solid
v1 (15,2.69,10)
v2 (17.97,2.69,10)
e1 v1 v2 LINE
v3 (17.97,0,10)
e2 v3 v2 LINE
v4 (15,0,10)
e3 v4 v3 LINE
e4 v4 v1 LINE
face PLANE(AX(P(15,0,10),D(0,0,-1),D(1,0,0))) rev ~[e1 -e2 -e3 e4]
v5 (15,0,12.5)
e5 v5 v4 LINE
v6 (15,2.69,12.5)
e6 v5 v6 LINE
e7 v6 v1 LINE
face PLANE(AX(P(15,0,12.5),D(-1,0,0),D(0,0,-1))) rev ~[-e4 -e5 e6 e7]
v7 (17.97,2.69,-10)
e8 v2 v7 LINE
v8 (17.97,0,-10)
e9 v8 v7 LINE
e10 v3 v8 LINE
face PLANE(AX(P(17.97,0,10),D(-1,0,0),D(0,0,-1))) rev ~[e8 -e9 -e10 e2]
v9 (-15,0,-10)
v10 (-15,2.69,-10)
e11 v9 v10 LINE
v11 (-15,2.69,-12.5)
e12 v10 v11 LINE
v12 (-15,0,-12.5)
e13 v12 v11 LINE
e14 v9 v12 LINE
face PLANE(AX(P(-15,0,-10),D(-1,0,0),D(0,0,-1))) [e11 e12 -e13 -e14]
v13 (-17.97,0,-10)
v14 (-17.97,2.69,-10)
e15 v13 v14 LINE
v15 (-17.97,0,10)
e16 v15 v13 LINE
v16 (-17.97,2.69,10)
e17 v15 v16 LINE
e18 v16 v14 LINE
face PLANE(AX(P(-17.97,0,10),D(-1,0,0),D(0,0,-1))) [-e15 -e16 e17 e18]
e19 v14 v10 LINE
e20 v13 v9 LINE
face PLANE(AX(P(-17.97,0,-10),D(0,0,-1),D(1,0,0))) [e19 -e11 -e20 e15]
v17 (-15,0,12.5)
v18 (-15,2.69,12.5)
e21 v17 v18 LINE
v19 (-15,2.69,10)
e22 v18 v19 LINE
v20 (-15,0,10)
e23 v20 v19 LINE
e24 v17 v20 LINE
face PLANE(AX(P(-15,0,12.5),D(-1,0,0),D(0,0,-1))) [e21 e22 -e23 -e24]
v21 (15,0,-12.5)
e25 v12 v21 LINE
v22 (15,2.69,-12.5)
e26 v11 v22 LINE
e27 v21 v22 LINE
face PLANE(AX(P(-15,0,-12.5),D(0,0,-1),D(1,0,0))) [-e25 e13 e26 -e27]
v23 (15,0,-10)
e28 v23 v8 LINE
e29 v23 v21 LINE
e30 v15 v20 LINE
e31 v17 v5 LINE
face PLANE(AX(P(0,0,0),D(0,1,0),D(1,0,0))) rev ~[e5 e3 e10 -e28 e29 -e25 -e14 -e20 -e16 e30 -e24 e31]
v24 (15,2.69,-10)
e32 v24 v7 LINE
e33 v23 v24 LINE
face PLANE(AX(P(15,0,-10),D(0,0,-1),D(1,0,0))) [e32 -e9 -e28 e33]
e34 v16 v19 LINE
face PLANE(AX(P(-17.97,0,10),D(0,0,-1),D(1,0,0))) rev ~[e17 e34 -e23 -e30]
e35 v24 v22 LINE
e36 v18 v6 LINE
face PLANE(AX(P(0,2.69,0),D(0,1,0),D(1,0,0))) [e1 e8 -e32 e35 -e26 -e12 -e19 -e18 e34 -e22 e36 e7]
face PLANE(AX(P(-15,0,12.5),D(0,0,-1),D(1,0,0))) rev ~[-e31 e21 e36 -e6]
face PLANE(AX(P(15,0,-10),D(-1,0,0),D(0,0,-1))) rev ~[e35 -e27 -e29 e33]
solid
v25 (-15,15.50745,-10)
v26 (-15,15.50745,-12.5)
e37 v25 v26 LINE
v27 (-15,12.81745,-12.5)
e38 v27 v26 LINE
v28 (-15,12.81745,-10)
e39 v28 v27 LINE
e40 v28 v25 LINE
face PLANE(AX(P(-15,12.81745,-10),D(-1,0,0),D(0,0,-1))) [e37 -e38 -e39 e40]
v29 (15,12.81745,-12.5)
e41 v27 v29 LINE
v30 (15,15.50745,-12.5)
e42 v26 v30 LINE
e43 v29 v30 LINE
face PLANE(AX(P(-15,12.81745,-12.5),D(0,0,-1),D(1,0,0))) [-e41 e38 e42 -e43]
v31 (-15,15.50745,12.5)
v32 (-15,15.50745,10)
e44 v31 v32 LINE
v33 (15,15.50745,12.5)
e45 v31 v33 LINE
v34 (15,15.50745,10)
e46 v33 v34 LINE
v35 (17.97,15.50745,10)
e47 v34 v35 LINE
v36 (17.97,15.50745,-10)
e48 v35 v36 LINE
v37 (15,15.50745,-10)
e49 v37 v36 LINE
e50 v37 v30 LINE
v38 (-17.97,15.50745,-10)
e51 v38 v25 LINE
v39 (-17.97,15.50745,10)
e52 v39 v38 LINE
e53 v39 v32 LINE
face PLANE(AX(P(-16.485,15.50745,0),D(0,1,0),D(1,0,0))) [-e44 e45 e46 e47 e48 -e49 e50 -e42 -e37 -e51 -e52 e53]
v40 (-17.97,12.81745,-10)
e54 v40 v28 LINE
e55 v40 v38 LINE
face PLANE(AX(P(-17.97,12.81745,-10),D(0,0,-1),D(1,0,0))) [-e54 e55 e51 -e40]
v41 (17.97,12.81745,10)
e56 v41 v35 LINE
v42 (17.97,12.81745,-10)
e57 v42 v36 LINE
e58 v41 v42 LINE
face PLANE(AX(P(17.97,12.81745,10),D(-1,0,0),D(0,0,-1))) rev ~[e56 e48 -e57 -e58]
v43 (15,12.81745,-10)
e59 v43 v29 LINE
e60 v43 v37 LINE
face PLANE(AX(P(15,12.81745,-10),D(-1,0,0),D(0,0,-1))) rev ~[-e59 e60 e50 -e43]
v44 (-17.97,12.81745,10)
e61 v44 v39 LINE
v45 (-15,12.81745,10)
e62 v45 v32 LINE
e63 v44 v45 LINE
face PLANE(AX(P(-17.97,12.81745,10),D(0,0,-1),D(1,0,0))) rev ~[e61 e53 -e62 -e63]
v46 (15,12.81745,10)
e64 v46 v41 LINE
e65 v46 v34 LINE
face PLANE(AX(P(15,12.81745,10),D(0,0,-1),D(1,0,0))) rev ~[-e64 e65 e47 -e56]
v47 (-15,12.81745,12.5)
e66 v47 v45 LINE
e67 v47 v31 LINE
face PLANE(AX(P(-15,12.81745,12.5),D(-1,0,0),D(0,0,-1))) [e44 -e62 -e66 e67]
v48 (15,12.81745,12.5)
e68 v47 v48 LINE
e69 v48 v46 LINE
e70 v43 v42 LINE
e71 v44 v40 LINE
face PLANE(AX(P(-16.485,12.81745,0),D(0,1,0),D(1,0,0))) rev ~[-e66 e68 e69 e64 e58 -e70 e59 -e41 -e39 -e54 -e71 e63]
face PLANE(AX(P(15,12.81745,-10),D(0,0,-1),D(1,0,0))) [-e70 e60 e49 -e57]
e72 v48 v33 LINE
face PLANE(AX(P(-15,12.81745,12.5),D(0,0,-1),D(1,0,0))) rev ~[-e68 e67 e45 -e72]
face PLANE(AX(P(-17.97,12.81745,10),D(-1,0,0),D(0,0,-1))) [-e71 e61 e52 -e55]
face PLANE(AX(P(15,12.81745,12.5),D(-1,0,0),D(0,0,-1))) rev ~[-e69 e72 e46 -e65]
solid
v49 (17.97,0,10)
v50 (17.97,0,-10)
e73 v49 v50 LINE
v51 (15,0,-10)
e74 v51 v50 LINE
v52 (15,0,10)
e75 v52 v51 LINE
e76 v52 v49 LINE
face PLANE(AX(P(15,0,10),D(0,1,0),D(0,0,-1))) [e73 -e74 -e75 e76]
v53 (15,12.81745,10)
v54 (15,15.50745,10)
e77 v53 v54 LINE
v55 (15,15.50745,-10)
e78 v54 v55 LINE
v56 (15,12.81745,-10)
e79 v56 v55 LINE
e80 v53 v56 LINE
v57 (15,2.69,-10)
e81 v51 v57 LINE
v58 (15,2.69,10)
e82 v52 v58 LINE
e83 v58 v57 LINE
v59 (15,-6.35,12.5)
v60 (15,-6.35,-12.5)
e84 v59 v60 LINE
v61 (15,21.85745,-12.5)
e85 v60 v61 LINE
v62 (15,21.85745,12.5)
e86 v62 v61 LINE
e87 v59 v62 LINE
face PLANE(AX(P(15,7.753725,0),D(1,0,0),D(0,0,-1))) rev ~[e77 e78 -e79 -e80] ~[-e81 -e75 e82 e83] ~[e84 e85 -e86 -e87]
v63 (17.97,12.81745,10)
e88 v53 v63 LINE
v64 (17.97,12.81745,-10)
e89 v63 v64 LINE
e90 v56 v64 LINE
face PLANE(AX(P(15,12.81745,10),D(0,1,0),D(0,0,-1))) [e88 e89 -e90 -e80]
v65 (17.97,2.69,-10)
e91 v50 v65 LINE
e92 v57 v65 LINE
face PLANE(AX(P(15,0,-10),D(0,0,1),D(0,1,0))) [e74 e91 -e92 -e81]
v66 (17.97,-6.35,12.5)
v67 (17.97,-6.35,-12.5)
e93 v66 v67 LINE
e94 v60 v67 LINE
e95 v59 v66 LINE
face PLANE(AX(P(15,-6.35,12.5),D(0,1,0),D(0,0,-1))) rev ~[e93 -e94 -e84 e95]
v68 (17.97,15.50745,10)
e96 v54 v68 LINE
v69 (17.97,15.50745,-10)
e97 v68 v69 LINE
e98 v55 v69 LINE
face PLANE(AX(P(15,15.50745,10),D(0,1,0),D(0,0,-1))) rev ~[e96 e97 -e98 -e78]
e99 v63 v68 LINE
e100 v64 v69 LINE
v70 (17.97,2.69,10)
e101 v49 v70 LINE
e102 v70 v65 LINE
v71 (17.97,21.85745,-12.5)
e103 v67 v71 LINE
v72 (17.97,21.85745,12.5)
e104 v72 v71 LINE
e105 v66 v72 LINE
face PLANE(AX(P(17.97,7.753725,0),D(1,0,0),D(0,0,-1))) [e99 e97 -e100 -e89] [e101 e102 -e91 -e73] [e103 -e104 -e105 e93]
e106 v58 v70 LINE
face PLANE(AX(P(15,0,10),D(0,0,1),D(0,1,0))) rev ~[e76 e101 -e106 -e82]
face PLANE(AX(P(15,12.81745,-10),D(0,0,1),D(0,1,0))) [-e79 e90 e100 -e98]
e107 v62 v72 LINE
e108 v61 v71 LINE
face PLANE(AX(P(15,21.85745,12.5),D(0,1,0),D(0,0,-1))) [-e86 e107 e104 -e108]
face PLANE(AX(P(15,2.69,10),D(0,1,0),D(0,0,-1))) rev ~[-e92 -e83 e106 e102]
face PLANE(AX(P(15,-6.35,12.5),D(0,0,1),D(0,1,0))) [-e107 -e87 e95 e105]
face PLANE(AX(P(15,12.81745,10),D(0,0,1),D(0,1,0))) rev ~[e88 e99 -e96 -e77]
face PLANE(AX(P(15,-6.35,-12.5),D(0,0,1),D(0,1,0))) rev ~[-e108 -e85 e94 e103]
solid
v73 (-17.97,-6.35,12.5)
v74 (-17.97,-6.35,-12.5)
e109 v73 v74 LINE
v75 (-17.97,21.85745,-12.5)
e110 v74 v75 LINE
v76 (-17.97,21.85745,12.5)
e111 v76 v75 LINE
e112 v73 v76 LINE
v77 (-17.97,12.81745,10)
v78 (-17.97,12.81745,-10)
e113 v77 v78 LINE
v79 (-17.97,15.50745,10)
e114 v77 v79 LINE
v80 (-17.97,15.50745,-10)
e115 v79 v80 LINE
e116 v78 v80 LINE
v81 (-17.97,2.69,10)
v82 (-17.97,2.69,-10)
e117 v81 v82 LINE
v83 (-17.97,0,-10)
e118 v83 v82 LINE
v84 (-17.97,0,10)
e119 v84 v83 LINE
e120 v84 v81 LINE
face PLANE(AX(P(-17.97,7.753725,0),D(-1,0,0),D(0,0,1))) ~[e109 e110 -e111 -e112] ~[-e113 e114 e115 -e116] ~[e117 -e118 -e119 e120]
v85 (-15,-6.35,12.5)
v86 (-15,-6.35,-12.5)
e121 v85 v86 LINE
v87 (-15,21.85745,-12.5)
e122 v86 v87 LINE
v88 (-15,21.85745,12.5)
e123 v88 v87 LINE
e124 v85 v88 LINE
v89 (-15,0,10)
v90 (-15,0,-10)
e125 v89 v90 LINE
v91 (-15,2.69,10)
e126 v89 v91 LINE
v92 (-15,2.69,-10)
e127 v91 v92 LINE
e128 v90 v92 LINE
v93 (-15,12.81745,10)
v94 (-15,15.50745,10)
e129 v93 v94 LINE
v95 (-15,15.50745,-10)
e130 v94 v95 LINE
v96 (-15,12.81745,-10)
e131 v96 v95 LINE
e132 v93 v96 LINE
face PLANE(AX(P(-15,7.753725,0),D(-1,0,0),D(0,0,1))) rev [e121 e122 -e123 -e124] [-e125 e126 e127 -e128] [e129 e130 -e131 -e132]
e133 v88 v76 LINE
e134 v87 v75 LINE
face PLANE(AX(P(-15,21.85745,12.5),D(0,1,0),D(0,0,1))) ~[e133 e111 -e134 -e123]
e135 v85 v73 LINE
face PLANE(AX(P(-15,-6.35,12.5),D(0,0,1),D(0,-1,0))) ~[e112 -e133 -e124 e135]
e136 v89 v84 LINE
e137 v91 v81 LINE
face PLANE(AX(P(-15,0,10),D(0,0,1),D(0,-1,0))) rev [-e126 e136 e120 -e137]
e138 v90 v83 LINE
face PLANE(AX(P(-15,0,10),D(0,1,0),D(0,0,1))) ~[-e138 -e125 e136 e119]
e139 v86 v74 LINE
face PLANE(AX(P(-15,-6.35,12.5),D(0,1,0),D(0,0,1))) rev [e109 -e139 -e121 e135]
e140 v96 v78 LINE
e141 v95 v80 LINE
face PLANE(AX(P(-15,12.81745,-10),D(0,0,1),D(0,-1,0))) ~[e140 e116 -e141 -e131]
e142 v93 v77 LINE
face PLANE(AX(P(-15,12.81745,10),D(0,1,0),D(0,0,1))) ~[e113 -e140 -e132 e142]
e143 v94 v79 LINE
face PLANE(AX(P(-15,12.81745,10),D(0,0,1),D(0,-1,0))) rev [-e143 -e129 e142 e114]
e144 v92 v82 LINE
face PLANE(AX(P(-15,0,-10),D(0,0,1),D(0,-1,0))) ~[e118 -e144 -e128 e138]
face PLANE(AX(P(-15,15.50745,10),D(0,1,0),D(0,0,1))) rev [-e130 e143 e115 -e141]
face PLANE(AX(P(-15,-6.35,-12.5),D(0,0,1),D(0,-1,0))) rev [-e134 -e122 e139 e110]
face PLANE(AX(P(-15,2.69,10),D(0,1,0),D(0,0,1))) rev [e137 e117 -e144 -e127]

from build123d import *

# Parameters (mm, degrees)
SKETCH2_W           = 30
SKETCH2_H           = 25
SKETCH2_W_2         = 2.97
SKETCH2_H_2         = 20
BOSS_EXTRUDE3_DEPTH = 2.69
BOSS_EXTRUDE4_START = 12.81745
SKETCH2_3_W         = 2.97
SKETCH2_3_H         = 20
SKETCH2_3_W_2       = 30
SKETCH2_3_H_2       = 25
BOSS_EXTRUDE4_DEPTH = 2.69
SKETCH4_W           = 25
SKETCH4_H           = 28.20745
SKETCH4_W_2         = 20
SKETCH4_H_2         = 2.69
BOSS_EXTRUDE5_DEPTH = 2.97


with BuildPart() as part:
    # Sketch2 → Boss-Extrude3 (new body)
    with BuildSketch(Plane(origin=(0, 0, 0), x_dir=(1, 0, 0), z_dir=(0, 1, 0))):
        Rectangle(SKETCH2_W, SKETCH2_H)
        with Locations((-16.485, 0)):
            Rectangle(SKETCH2_W_2, SKETCH2_H_2)
        with Locations((16.485, 0)):
            Rectangle(SKETCH2_W_2, SKETCH2_H_2)
    extrude(amount=BOSS_EXTRUDE3_DEPTH)


with BuildPart() as body_2:
    # Sketch2<3> → Boss-Extrude4 (new body)
    with BuildSketch(Plane(origin=(0, 0, 0), x_dir=(1, 0, 0), z_dir=(0, 1, 0)).offset(BOSS_EXTRUDE4_START)):
        with Locations((-16.485, 0)):
            Rectangle(SKETCH2_3_W, SKETCH2_3_H)
        Rectangle(SKETCH2_3_W_2, SKETCH2_3_H_2)
        with Locations((16.485, 0)):
            Rectangle(SKETCH2_3_W, SKETCH2_3_H)
    extrude(amount=BOSS_EXTRUDE4_DEPTH)


with BuildPart() as body_3:
    # Sketch4 → Boss-Extrude5 (new body)
    with BuildSketch(Plane(origin=(15, 0, 0), x_dir=(0, 0, -1), z_dir=(1, 0, 0))):
        with Locations((0, 7.753725)):
            Rectangle(SKETCH4_W, SKETCH4_H)
        with Locations((0, 14.16245)):
            Rectangle(SKETCH4_W_2, SKETCH4_H_2, mode=Mode.SUBTRACT)
        with Locations((0, 1.345)):
            Rectangle(SKETCH4_W_2, SKETCH4_H_2, mode=Mode.SUBTRACT)
    extrude(amount=BOSS_EXTRUDE5_DEPTH)


with BuildPart() as body_4:
    # Mirror1: mirrored copy
    add(body_3.part.mirror(Plane(origin=(0, 0, 0), x_dir=(0, 0, 1), z_dir=(1, 0, 0))))


solid = Compound([part.part, body_2.part, body_3.part, body_4.part])
